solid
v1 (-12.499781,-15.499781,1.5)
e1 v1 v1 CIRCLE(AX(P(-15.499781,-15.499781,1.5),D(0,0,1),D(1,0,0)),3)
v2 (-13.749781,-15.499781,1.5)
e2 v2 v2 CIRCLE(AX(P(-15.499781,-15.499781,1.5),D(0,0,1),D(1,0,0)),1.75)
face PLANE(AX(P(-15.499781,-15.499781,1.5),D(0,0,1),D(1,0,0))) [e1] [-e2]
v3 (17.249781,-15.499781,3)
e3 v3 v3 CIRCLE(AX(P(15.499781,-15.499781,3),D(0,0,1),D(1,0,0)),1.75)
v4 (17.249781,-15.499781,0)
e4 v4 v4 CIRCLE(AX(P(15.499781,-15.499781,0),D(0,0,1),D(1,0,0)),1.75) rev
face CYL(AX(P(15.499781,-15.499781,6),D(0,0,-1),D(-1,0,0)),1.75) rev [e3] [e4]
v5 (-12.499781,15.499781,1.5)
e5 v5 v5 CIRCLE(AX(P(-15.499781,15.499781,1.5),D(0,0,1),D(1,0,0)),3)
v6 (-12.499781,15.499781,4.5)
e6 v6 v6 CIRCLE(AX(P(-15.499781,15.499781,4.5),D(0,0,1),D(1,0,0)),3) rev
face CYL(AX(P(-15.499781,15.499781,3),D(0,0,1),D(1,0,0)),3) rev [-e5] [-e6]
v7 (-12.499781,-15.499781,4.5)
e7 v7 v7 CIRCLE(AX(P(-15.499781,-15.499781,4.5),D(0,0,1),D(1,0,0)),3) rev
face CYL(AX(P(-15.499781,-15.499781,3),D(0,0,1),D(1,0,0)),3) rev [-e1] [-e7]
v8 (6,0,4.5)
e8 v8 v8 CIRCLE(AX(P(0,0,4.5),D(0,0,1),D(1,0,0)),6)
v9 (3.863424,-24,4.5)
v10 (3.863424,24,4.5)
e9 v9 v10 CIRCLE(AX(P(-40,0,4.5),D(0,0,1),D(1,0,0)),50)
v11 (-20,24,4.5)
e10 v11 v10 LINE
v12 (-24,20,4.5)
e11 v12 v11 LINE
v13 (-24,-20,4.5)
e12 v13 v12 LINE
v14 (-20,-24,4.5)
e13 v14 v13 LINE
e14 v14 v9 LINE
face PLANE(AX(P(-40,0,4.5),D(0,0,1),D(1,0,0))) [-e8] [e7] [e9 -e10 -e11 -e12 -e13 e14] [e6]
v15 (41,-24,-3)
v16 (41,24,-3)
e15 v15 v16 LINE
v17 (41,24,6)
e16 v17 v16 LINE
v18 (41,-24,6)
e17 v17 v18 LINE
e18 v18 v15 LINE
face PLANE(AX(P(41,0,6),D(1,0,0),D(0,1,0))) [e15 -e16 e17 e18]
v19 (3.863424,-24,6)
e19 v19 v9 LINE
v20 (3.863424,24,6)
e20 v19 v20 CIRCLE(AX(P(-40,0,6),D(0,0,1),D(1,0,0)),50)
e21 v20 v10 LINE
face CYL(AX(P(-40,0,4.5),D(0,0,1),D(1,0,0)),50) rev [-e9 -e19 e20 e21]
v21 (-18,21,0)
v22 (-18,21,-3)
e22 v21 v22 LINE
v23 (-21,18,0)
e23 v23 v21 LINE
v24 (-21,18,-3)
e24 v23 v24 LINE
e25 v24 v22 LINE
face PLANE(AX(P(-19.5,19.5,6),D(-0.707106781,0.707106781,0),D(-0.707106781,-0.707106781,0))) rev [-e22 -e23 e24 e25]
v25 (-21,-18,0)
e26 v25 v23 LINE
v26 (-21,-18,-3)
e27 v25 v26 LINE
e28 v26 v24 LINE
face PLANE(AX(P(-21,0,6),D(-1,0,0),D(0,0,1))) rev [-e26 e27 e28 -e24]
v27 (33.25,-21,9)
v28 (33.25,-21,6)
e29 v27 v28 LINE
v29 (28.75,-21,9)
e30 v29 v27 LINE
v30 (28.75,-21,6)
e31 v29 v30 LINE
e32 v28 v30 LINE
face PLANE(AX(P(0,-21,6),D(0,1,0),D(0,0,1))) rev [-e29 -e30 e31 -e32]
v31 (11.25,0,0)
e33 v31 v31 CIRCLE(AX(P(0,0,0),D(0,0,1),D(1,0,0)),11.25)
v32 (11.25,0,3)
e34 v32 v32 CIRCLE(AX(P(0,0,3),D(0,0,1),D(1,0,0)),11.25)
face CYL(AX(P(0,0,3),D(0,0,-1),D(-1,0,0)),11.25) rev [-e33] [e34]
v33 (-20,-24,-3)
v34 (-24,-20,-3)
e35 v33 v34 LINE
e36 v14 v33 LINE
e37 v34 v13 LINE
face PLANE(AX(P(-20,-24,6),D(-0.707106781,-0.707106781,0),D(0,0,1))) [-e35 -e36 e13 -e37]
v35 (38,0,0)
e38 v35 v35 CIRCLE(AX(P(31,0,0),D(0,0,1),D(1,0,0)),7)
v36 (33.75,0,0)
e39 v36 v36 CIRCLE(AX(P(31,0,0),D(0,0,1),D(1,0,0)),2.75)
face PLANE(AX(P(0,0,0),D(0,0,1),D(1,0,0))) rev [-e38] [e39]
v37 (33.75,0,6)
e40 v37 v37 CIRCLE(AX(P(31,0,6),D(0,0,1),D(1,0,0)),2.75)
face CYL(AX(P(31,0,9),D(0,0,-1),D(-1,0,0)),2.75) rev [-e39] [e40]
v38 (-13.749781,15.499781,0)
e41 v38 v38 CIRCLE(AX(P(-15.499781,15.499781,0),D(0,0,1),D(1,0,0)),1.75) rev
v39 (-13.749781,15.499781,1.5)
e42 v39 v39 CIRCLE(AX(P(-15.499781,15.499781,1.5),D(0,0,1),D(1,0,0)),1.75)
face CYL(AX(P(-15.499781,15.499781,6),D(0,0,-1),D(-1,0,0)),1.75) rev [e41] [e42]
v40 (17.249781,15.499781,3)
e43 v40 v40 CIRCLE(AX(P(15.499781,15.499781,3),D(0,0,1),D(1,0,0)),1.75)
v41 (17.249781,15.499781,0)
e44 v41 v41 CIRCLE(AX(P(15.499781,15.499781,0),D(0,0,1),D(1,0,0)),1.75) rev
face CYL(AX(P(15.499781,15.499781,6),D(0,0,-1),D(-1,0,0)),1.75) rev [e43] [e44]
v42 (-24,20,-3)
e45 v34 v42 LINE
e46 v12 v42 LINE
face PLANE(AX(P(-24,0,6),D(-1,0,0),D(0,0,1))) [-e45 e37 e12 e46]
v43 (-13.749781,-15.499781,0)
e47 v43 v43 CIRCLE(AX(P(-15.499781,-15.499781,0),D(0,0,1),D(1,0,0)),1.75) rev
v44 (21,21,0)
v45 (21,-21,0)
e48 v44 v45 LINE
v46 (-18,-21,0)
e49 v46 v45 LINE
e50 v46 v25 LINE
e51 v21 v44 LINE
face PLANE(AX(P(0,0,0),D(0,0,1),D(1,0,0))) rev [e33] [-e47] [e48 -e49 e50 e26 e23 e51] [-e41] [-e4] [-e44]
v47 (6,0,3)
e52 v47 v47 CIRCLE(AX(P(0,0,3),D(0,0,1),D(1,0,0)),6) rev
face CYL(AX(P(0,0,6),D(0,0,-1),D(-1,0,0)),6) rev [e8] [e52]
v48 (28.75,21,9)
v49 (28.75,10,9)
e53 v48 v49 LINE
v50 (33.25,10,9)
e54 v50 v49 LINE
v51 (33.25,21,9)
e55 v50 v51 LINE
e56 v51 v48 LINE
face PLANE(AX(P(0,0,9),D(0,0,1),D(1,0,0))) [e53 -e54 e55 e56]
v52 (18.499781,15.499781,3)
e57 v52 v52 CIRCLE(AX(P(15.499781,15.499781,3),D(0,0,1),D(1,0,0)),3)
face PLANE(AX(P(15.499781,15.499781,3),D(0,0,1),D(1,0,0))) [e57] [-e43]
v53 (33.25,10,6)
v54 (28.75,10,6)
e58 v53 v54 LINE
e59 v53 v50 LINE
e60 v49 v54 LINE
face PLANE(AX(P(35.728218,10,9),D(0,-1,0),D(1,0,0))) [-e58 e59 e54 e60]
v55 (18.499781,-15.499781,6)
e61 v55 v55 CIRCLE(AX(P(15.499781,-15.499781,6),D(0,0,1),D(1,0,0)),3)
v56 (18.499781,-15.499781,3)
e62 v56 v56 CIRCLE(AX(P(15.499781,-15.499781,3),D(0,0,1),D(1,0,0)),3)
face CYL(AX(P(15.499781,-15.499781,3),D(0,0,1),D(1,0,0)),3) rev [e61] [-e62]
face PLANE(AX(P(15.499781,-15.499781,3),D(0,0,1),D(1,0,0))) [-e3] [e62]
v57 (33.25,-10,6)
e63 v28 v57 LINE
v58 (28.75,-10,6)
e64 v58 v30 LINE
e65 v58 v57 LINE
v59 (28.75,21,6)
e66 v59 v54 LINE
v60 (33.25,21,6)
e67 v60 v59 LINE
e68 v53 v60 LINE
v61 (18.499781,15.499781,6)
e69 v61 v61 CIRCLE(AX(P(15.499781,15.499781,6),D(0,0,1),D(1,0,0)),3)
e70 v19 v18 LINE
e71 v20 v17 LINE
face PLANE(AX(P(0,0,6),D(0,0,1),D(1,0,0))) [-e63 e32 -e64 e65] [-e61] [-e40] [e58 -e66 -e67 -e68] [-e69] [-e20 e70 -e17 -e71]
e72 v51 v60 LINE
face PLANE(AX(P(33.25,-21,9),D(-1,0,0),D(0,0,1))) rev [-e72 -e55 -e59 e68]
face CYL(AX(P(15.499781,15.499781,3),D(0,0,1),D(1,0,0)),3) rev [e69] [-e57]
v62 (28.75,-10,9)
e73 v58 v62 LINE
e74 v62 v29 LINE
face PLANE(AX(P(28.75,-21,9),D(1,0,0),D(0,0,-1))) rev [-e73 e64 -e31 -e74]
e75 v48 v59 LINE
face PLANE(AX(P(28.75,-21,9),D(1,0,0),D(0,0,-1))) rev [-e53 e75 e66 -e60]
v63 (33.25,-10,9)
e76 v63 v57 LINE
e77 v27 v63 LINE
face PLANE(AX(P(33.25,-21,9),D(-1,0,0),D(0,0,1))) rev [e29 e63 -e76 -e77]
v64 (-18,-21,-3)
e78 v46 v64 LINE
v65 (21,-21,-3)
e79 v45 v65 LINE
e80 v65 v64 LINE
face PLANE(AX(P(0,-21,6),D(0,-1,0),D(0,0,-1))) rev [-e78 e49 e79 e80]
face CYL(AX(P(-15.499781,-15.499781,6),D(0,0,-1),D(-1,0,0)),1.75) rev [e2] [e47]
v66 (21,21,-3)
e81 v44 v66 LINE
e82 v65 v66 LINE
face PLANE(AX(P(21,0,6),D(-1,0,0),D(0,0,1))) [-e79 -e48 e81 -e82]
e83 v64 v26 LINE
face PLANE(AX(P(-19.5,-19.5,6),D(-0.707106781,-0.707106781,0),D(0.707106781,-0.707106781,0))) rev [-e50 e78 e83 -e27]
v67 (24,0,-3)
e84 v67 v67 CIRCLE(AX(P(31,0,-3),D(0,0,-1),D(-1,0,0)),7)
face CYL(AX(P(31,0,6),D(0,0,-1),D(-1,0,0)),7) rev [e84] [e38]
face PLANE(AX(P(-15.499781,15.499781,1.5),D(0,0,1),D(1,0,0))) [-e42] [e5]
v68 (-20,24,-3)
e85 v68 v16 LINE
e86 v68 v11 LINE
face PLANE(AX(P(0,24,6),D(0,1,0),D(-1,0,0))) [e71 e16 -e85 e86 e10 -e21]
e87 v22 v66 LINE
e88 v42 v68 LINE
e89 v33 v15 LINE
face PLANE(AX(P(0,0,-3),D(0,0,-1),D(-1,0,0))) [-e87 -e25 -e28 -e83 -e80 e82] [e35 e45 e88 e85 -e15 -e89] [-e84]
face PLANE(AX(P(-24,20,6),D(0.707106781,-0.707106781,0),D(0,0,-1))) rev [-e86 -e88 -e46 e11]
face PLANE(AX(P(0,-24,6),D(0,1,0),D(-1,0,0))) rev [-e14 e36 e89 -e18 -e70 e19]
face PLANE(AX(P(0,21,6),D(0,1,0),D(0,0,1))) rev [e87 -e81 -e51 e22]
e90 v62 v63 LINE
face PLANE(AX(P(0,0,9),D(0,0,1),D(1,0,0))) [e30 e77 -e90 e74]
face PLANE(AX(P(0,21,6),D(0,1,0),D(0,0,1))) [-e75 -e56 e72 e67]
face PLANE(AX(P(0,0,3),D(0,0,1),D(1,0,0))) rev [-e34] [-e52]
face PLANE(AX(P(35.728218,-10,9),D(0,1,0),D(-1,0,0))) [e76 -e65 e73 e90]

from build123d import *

# Parameters (mm, degrees)
SKETCH1_W                = 20
SKETCH1_H                = 42
SKETCH1_W_2              = 42
BOSS_EXTRUDE1_DEPTH      = 6
SKETCH2_R                = 11.25
CUT_EXTRUDE1_DEPTH       = 3
CUT_EXTRUDE2_DEPTH       = 47.454278597
CUT_EXTRUDE2_DEPTH_BACK  = 47.454278597
SKETCH3_R                = 1.75
SKETCH3_R_2              = 6
CUT_EXTRUDE3_START       = -3
SKETCH4_R                = 3
SKETCH4_R_2              = 1.75
CUT_EXTRUDE3_DEPTH       = 3
SKETCH5_W                = 4.5
SKETCH5_H                = 42
BOSS_EXTRUDE2_DEPTH      = 3
CHAMFER1_SIZE            = 3
CUT_EXTRUDE4_DEPTH       = 47.936126811
CUT_EXTRUDE4_DEPTH_BACK  = 47.936126811
SKETCH6_R                = 2.75
SKETCH7_W                = 9.456435582
SKETCH7_H                = 20
SKETCH7_R                = 2.75
CUT_EXTRUDE5_DEPTH       = 47.454278597
BOSS_EXTRUDE4_DEPTH      = 3
BOSS_EXTRUDE4_DEPTH_BACK = 6
SKETCH8_W                = 20
SKETCH8_H                = 42
SKETCH8_R                = 7
CHAMFER2_SIZE            = 4
SKETCH9_R                = 50
CUT_EXTRUDE7_DEPTH       = 1.5
CUT_EXTRUDE8_START       = -1.5
SKETCH10_R               = 3
CUT_EXTRUDE8_DEPTH       = 1.5


with BuildPart() as part:
    # Sketch1 → Boss-Extrude1 (new body)
    with BuildSketch(Plane.XY):
        with Locations((31, 0)):
            Rectangle(SKETCH1_W, SKETCH1_H)
        Rectangle(SKETCH1_W_2, SKETCH1_H)
    extrude(amount=BOSS_EXTRUDE1_DEPTH)

    # Sketch2 → Cut-Extrude1 (cut)
    with BuildSketch(Plane.XY):
        Circle(SKETCH2_R)
    extrude(amount=CUT_EXTRUDE1_DEPTH, mode=Mode.SUBTRACT)

    # Sketch3 → Cut-Extrude2 (cut, two sides: drawn at the far end of the back side and taken through both)
    with BuildSketch(Plane.XY.offset(-CUT_EXTRUDE2_DEPTH_BACK)):
        with Locations((-15.499780644, 15.499780644)):
            Circle(SKETCH3_R)
        Circle(SKETCH3_R_2)
        with Locations((15.499780644, 15.499780644)):
            Circle(SKETCH3_R)
        with Locations((15.499780644, -15.499780644)):
            Circle(SKETCH3_R)
        with Locations((-15.499780644, -15.499780644)):
            Circle(SKETCH3_R)
    extrude(amount=CUT_EXTRUDE2_DEPTH + CUT_EXTRUDE2_DEPTH_BACK, mode=Mode.SUBTRACT)

    # Sketch4 → Cut-Extrude3 (cut)
    # profile 1 of 4: a face of its own
    with BuildSketch(Plane.XY.offset(6).offset(CUT_EXTRUDE3_START)):
        with Locations((-15.499780644, -15.499780644)):
            Circle(SKETCH4_R)
        with Locations((-15.499780644, -15.499780644)):
            Circle(SKETCH4_R_2, mode=Mode.SUBTRACT)
    # profile 2 of 4: a face of its own
    with BuildSketch(Plane.XY.offset(6).offset(CUT_EXTRUDE3_START)):
        with Locations((-15.499780644, 15.499780644)):
            Circle(SKETCH4_R)
        with Locations((-15.499780644, 15.499780644)):
            Circle(SKETCH4_R_2, mode=Mode.SUBTRACT)
    # profile 3 of 4: a face of its own
    with BuildSketch(Plane.XY.offset(6).offset(CUT_EXTRUDE3_START)):
        with Locations((15.499780644, 15.499780644)):
            Circle(SKETCH4_R)
        with Locations((15.499780644, 15.499780644)):
            Circle(SKETCH4_R_2, mode=Mode.SUBTRACT)
    # profile 4 of 4: a face of its own
    with BuildSketch(Plane.XY.offset(6).offset(CUT_EXTRUDE3_START)):
        with Locations((15.499780644, -15.499780644)):
            Circle(SKETCH4_R)
        with Locations((15.499780644, -15.499780644)):
            Circle(SKETCH4_R_2, mode=Mode.SUBTRACT)
    extrude(amount=CUT_EXTRUDE3_DEPTH, mode=Mode.SUBTRACT)

    # Sketch5 → Boss-Extrude2 (add)
    with BuildSketch(Plane.XY.offset(6)):
        with Locations((31, 0)):
            Rectangle(SKETCH5_W, SKETCH5_H)
    extrude(amount=BOSS_EXTRUDE2_DEPTH)

    # Chamfer1
    chamfer1_edges = [part.edges().sort_by_distance(p)[0] for p in [
        (-21, -21, 3),
        (-21, 21, 3),
    ]]
    chamfer(chamfer1_edges, length=CHAMFER1_SIZE)

    # Sketch6 → Cut-Extrude4 (cut, two sides: drawn at the far end of the back side and taken through both)
    with BuildSketch(Plane(origin=(0, 0, 0), x_dir=(-1, 0, 0), z_dir=(0, 0, -1)).offset(-CUT_EXTRUDE4_DEPTH_BACK)):
        with Locations(Location((-31, 0, 0), (0, 0, 324.903198772))):
            Circle(SKETCH6_R)
    extrude(amount=CUT_EXTRUDE4_DEPTH + CUT_EXTRUDE4_DEPTH_BACK, mode=Mode.SUBTRACT)

    # Sketch7 → Cut-Extrude5 (cut, through all)
    with BuildSketch(Plane.XY.offset(6)):
        with Locations((31, 0)):
            Rectangle(SKETCH7_W, SKETCH7_H)
        with Locations((31, 0)):
            Circle(SKETCH7_R, mode=Mode.SUBTRACT)
    extrude(amount=CUT_EXTRUDE5_DEPTH, mode=Mode.SUBTRACT)

    # Sketch8 → Boss-Extrude4 (add, two sides: drawn at the far end of the back side and taken through both)
    # profile 1 of 2: a face of its own
    with BuildSketch(Plane(origin=(0, 0, 0), x_dir=(-1, 0, 0), z_dir=(0, 0, -1)).offset(-BOSS_EXTRUDE4_DEPTH_BACK)):
        Polygon((18, -21), (-21, -21), (-41, -21), (-41, -24), (24, -24), (24, 24), (-41, 24), (-41, 21), (-21, 21), (18, 21), (21, 18), (21, -18), align=None)
    # profile 2 of 2: a face of its own
    with BuildSketch(Plane(origin=(0, 0, 0), x_dir=(-1, 0, 0), z_dir=(0, 0, -1)).offset(-BOSS_EXTRUDE4_DEPTH_BACK)):
        with Locations((-31, 0)):
            Rectangle(SKETCH8_W, SKETCH8_H)
        with Locations((-31, 0)):
            Circle(SKETCH8_R, mode=Mode.SUBTRACT)
    extrude(amount=BOSS_EXTRUDE4_DEPTH + BOSS_EXTRUDE4_DEPTH_BACK)

    # Chamfer2
    chamfer2_edges = [part.edges().sort_by_distance(p)[0] for p in [
        (-24, 24, 1.5),
        (-24, -24, 1.5),
    ]]
    chamfer(chamfer2_edges, length=CHAMFER2_SIZE)

    # Sketch9 → Cut-Extrude7 (cut)
    with BuildSketch(Plane.XY.offset(6)):
        with Locations((-40, 0)):
            Circle(SKETCH9_R)
    extrude(amount=-CUT_EXTRUDE7_DEPTH, mode=Mode.SUBTRACT)

    # Sketch10 → Cut-Extrude8 (cut)
    with BuildSketch(Plane.XY.offset(3).offset(CUT_EXTRUDE8_START)):
        with Locations((-15.499780644, 15.499780644)):
            Circle(SKETCH10_R)
        with Locations((-15.499780644, -15.499780644)):
            Circle(SKETCH10_R)
    extrude(amount=CUT_EXTRUDE8_DEPTH, mode=Mode.SUBTRACT)


solid = part.part
